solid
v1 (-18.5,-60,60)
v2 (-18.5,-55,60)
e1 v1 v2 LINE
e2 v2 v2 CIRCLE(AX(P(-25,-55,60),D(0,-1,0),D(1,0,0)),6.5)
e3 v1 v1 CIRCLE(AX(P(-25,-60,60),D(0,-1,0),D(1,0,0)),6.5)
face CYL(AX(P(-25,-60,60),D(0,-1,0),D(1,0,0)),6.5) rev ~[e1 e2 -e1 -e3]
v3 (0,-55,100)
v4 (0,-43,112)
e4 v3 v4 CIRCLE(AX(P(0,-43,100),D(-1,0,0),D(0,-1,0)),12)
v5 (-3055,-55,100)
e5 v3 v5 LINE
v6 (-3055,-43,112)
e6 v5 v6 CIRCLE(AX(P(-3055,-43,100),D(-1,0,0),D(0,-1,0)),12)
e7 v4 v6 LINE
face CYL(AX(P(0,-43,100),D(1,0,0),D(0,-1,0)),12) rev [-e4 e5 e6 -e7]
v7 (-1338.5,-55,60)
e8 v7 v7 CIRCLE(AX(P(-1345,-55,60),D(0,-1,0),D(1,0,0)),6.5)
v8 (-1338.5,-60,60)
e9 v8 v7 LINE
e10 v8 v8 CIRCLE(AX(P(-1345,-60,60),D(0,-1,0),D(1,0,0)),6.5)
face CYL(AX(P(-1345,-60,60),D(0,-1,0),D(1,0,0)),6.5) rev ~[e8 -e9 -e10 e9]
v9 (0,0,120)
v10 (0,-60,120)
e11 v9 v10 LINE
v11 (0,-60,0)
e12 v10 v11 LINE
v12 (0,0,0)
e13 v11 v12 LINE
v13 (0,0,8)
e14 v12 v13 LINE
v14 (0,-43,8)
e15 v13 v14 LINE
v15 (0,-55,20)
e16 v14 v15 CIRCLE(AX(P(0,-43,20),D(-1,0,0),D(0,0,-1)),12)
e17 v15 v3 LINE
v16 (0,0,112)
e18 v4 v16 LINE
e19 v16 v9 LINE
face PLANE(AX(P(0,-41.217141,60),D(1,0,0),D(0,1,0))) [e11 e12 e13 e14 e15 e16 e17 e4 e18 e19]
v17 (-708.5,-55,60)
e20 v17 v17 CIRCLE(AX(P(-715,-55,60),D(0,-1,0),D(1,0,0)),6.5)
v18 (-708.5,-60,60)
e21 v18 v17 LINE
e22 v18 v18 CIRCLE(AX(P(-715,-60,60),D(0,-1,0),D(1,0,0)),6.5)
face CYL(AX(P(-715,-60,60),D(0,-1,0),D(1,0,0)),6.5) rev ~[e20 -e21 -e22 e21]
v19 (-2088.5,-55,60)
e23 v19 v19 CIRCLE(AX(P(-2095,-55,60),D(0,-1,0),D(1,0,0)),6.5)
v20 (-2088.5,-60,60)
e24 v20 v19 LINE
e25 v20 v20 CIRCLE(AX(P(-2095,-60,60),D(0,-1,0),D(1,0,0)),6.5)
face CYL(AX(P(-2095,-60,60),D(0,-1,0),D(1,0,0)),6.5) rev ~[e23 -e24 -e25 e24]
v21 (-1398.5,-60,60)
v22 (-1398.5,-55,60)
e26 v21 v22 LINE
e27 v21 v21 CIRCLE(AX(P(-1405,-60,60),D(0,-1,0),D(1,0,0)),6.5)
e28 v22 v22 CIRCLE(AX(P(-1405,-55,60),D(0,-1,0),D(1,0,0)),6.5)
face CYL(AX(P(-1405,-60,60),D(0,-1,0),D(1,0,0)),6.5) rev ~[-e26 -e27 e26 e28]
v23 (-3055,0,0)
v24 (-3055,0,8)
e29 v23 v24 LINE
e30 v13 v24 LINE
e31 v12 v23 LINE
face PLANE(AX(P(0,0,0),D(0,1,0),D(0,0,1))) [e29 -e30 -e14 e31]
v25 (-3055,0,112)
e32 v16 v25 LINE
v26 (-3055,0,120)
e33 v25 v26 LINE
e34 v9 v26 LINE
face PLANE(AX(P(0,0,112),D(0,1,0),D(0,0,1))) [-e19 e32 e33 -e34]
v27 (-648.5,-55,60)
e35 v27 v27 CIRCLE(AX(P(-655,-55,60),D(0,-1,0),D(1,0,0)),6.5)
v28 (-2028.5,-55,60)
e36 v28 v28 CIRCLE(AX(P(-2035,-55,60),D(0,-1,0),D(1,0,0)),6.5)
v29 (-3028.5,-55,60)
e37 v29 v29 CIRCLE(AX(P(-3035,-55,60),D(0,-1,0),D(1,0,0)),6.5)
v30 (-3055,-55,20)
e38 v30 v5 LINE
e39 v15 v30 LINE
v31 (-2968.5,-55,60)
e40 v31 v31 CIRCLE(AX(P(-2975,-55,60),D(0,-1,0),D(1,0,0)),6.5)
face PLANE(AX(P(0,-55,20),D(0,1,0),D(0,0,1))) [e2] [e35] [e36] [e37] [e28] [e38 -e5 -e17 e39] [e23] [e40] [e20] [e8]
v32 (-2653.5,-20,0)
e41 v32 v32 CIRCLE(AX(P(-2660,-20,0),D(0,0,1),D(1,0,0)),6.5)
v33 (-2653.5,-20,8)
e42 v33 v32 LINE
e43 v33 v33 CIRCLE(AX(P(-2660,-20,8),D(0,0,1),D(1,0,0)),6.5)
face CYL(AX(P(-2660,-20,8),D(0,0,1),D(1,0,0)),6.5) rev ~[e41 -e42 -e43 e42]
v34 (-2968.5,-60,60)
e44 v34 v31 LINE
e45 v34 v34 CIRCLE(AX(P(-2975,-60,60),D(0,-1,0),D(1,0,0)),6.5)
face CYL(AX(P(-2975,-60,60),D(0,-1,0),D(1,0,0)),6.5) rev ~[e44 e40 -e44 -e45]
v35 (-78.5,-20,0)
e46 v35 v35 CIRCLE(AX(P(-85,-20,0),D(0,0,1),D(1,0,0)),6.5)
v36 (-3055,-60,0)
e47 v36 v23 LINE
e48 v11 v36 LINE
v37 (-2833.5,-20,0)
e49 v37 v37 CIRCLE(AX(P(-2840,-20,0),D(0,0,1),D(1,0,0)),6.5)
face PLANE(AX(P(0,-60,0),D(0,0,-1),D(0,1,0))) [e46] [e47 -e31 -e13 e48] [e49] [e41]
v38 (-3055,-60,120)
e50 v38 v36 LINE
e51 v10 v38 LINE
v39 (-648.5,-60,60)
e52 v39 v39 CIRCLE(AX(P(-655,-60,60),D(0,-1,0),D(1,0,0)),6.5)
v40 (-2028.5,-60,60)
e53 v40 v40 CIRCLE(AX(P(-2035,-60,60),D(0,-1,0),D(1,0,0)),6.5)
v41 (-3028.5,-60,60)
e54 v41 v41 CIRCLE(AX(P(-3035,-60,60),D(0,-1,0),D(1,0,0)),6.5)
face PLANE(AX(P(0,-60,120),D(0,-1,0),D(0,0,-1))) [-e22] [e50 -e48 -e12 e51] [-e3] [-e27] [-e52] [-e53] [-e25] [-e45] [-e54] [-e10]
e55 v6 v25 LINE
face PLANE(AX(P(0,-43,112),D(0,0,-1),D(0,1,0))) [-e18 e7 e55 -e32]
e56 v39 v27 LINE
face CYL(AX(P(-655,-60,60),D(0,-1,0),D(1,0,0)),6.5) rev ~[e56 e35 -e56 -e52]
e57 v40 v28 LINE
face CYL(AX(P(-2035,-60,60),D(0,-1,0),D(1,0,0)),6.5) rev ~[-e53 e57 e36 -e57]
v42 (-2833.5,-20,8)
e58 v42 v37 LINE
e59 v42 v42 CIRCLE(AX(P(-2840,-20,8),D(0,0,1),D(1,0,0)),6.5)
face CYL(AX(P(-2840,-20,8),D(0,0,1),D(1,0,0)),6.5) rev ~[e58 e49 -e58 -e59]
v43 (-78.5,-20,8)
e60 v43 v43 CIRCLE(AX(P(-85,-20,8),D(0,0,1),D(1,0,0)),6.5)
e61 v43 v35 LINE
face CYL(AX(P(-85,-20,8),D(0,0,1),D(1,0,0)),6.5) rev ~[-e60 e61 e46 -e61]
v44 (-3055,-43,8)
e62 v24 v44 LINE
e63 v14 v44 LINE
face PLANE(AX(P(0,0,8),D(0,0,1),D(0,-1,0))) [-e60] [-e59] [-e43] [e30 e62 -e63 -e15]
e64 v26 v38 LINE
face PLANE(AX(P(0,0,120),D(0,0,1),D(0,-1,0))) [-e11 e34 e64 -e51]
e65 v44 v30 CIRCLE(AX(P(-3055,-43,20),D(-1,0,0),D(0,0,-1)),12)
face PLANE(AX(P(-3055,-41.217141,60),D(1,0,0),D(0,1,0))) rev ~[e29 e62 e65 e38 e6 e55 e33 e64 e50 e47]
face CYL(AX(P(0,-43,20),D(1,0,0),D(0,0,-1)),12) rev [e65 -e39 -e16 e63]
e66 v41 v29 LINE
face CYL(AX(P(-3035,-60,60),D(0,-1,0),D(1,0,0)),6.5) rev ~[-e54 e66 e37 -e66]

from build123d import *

# Parameters (mm, degrees)
F3_DEPTH = 3055
F4_R     = 6.5
F5_DEPTH = 8
F6_R     = 6.5
F7_DEPTH = 60.001


with BuildPart() as f3:
    # F2 (on Right) → F3 (new body)
    with BuildSketch(Plane.YZ):
        with BuildLine():
            Line((-60, 0), (0, 0))
            Line((0, 0), (0, 8))
            Line((0, 8), (-43, 8))
            ThreePointArc((-43, 8), (-51.4852813742, 11.5147186258), (-55, 20))
            Line((-55, 20), (-55, 100))
            ThreePointArc((-55, 100), (-51.4852813742, 108.4852813742), (-43, 112))
            Line((-43, 112), (0, 112))
            Line((0, 112), (0, 120))
            Line((0, 120), (-60, 120))
            Line((-60, 120), (-60, 0))
        make_face()
    extrude(amount=-F3_DEPTH)

    # F4 (on face) → F5 (cut, through all)
    with BuildSketch(Plane.XY.offset(8)):
        with Locations((-2840, -20)):
            Circle(F4_R)
        with Locations((-2660, -20)):
            Circle(F4_R)
        with Locations((-85, -20)):
            Circle(F4_R)
    extrude(amount=-F5_DEPTH, mode=Mode.SUBTRACT)

    # F6 (on face) → F7 (cut, through all)
    with BuildSketch(Plane.XZ.offset(60)):
        with Locations((-3035, 60)):
            Circle(F6_R)
        with Locations((-2975, 60)):
            Circle(F6_R)
        with Locations((-2095, 60)):
            Circle(F6_R)
        with Locations((-2035, 60)):
            Circle(F6_R)
        with Locations((-1405, 60)):
            Circle(F6_R)
        with Locations((-1345, 60)):
            Circle(F6_R)
        with Locations((-715, 60)):
            Circle(F6_R)
        with Locations((-655, 60)):
            Circle(F6_R)
        with Locations((-25, 60)):
            Circle(F6_R)
    extrude(amount=-F7_DEPTH, mode=Mode.SUBTRACT)


solid = f3.part
